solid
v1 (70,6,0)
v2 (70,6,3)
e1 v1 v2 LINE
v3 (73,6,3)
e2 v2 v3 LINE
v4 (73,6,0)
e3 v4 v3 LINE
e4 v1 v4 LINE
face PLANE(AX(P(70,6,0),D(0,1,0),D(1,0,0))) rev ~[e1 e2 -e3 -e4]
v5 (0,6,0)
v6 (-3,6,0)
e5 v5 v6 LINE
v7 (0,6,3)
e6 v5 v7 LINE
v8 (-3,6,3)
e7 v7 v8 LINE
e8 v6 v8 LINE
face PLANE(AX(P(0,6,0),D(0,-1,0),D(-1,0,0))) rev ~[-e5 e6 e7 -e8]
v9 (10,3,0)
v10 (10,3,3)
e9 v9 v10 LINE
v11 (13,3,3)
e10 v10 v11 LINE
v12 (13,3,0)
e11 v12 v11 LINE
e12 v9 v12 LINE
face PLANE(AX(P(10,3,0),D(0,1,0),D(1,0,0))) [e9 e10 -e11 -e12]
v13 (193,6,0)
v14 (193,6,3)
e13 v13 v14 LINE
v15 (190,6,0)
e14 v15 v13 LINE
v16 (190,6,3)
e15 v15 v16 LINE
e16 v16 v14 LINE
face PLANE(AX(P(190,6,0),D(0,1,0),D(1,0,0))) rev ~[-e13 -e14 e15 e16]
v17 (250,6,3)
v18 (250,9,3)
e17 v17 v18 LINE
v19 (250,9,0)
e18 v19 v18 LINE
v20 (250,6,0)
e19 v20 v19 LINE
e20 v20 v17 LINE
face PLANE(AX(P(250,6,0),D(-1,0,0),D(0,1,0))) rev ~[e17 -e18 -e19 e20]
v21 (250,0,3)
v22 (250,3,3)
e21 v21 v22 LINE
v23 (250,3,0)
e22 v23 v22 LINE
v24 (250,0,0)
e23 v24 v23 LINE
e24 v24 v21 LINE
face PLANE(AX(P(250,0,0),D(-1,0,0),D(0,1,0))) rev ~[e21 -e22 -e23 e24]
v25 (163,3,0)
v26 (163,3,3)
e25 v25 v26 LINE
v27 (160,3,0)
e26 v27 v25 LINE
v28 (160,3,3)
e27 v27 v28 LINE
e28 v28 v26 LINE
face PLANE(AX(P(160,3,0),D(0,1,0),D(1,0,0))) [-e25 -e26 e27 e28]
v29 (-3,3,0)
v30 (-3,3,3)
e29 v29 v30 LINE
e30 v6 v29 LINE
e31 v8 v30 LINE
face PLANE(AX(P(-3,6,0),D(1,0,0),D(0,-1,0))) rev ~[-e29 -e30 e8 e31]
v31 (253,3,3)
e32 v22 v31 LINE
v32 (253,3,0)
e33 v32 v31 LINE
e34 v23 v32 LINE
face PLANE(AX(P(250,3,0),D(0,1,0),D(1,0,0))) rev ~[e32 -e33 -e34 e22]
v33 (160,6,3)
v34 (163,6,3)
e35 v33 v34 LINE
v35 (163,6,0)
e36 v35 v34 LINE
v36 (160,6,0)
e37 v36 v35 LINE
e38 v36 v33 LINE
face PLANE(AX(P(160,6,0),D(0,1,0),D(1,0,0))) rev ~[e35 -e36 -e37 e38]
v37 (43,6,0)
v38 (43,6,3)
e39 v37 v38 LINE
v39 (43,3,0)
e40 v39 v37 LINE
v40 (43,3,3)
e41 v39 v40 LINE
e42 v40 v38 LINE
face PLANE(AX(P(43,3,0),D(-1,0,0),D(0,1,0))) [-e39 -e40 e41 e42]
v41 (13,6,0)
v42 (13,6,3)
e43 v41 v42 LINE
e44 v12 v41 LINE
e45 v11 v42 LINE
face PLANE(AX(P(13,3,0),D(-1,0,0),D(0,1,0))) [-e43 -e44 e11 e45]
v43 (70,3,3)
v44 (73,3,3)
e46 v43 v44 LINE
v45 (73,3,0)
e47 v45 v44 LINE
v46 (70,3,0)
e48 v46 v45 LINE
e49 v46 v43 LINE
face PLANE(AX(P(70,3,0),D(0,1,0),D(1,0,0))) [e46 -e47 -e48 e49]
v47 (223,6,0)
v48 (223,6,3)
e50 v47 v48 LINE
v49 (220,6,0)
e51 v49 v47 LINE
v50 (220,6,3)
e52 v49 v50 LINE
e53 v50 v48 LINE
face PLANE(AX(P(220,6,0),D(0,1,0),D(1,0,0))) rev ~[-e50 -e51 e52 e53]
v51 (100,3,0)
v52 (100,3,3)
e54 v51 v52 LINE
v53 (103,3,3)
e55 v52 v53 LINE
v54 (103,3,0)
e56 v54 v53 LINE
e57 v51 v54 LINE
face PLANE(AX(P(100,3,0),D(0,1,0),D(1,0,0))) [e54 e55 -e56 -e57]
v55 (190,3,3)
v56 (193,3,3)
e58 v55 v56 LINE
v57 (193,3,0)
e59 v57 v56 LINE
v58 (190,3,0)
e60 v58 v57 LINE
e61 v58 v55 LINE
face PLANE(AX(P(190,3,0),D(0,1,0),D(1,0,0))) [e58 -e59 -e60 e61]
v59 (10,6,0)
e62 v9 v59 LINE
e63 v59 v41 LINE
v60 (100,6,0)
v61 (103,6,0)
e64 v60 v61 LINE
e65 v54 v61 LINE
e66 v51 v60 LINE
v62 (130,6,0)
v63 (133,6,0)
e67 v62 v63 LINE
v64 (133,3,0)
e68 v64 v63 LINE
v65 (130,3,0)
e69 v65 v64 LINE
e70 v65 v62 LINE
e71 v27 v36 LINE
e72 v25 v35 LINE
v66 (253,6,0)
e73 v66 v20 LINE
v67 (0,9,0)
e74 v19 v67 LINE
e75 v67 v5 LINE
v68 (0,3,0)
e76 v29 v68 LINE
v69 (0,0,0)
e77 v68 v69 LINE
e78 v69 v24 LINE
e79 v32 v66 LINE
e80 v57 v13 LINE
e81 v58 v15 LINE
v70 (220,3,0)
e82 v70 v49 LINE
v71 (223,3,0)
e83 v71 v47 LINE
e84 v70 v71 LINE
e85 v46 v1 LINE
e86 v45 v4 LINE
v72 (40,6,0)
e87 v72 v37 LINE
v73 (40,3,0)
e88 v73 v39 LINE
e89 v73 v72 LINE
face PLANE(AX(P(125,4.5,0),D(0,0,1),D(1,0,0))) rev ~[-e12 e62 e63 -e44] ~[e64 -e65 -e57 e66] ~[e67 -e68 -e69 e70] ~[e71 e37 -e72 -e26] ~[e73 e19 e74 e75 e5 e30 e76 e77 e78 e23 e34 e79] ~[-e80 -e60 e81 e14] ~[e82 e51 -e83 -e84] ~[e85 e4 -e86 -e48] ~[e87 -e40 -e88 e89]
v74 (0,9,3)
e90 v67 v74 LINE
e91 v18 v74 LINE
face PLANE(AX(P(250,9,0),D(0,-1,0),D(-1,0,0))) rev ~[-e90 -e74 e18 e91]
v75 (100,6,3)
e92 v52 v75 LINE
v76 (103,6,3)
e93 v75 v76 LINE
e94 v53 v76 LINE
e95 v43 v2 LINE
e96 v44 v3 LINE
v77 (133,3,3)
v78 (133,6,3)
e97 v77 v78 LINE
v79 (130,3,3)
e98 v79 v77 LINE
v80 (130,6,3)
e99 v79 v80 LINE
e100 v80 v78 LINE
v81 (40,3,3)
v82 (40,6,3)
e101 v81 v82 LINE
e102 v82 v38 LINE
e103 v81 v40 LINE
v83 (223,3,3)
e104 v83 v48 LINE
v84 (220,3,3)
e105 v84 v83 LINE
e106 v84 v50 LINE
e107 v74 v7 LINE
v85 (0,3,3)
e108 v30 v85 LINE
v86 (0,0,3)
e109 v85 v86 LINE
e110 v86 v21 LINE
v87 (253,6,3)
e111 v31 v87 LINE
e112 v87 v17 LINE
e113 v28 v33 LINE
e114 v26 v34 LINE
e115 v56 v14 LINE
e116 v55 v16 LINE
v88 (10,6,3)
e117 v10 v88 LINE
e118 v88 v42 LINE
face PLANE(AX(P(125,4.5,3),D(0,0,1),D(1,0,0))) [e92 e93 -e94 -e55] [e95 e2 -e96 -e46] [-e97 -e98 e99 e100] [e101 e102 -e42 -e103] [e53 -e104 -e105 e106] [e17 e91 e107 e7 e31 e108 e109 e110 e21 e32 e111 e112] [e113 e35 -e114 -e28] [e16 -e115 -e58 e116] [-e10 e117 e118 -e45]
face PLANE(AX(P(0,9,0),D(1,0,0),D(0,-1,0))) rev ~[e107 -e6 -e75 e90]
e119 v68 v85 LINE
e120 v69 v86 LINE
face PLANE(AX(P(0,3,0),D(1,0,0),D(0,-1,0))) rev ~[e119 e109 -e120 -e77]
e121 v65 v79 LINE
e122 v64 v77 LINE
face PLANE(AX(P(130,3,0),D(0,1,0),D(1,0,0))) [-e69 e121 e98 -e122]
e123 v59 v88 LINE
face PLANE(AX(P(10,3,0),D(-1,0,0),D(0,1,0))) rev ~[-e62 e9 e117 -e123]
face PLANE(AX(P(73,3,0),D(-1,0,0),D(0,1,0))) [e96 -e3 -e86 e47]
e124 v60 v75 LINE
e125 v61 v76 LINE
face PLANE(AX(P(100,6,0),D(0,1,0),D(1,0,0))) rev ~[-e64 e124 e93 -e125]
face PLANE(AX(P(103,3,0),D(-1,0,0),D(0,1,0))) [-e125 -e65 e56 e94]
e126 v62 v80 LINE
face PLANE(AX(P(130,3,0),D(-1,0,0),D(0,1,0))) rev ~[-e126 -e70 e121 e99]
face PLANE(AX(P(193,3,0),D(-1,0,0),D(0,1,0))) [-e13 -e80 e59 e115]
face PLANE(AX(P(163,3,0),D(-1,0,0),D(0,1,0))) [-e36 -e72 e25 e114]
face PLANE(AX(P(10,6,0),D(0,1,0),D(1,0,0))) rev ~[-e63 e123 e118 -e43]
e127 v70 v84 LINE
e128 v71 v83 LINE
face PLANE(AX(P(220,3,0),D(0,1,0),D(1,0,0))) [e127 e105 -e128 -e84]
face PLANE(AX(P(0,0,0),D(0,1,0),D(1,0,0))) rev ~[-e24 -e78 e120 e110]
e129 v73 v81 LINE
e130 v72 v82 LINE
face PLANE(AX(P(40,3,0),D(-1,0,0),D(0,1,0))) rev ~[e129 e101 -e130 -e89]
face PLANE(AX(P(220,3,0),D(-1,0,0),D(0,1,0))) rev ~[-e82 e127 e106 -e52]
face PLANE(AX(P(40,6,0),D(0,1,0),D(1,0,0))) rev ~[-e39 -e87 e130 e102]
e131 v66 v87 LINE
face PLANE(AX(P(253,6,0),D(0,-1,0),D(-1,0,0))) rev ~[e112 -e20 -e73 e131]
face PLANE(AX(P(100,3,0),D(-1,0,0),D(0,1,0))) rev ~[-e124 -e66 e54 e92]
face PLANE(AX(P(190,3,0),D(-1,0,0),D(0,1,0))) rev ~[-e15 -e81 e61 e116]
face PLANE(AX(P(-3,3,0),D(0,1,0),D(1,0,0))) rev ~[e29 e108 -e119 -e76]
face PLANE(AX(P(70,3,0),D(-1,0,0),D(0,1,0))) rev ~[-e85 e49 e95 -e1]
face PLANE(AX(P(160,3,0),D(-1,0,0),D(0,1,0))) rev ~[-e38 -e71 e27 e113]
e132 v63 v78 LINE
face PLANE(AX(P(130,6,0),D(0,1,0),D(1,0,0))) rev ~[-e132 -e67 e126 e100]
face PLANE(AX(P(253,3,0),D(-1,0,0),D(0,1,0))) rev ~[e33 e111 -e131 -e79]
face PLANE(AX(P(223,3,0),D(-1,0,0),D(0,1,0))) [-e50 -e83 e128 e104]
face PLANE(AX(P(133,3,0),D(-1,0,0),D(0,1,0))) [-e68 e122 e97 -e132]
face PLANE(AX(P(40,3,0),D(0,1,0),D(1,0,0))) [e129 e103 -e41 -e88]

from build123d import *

# Parameters (mm, degrees)
SKETCH2_W           = 3
SKETCH2_H           = 3
BOSS_EXTRUDE3_DEPTH = 3


with BuildPart() as part:
    # Sketch2 → Boss-Extrude3 (new body)
    with BuildSketch(Plane.XY):
        Polygon((0, 0), (250, 0), (250, 3), (253, 3), (253, 6), (250, 6), (250, 9), (0, 9), (0, 6), (-3, 6), (-3, 3), (0, 3), align=None)
        with Locations((11.5, 4.5)):
            Rectangle(SKETCH2_W, SKETCH2_H, mode=Mode.SUBTRACT)
        with Locations((41.5, 4.5)):
            Rectangle(SKETCH2_W, SKETCH2_H, mode=Mode.SUBTRACT)
        with Locations((71.5, 4.5)):
            Rectangle(SKETCH2_W, SKETCH2_H, mode=Mode.SUBTRACT)
        with Locations((101.5, 4.5)):
            Rectangle(SKETCH2_W, SKETCH2_H, mode=Mode.SUBTRACT)
        with Locations((131.5, 4.5)):
            Rectangle(SKETCH2_W, SKETCH2_H, mode=Mode.SUBTRACT)
        with Locations((161.5, 4.5)):
            Rectangle(SKETCH2_W, SKETCH2_H, mode=Mode.SUBTRACT)
        with Locations((191.5, 4.5)):
            Rectangle(SKETCH2_W, SKETCH2_H, mode=Mode.SUBTRACT)
        with Locations((221.5, 4.5)):
            Rectangle(SKETCH2_W, SKETCH2_H, mode=Mode.SUBTRACT)
    extrude(amount=BOSS_EXTRUDE3_DEPTH)


solid = part.part
